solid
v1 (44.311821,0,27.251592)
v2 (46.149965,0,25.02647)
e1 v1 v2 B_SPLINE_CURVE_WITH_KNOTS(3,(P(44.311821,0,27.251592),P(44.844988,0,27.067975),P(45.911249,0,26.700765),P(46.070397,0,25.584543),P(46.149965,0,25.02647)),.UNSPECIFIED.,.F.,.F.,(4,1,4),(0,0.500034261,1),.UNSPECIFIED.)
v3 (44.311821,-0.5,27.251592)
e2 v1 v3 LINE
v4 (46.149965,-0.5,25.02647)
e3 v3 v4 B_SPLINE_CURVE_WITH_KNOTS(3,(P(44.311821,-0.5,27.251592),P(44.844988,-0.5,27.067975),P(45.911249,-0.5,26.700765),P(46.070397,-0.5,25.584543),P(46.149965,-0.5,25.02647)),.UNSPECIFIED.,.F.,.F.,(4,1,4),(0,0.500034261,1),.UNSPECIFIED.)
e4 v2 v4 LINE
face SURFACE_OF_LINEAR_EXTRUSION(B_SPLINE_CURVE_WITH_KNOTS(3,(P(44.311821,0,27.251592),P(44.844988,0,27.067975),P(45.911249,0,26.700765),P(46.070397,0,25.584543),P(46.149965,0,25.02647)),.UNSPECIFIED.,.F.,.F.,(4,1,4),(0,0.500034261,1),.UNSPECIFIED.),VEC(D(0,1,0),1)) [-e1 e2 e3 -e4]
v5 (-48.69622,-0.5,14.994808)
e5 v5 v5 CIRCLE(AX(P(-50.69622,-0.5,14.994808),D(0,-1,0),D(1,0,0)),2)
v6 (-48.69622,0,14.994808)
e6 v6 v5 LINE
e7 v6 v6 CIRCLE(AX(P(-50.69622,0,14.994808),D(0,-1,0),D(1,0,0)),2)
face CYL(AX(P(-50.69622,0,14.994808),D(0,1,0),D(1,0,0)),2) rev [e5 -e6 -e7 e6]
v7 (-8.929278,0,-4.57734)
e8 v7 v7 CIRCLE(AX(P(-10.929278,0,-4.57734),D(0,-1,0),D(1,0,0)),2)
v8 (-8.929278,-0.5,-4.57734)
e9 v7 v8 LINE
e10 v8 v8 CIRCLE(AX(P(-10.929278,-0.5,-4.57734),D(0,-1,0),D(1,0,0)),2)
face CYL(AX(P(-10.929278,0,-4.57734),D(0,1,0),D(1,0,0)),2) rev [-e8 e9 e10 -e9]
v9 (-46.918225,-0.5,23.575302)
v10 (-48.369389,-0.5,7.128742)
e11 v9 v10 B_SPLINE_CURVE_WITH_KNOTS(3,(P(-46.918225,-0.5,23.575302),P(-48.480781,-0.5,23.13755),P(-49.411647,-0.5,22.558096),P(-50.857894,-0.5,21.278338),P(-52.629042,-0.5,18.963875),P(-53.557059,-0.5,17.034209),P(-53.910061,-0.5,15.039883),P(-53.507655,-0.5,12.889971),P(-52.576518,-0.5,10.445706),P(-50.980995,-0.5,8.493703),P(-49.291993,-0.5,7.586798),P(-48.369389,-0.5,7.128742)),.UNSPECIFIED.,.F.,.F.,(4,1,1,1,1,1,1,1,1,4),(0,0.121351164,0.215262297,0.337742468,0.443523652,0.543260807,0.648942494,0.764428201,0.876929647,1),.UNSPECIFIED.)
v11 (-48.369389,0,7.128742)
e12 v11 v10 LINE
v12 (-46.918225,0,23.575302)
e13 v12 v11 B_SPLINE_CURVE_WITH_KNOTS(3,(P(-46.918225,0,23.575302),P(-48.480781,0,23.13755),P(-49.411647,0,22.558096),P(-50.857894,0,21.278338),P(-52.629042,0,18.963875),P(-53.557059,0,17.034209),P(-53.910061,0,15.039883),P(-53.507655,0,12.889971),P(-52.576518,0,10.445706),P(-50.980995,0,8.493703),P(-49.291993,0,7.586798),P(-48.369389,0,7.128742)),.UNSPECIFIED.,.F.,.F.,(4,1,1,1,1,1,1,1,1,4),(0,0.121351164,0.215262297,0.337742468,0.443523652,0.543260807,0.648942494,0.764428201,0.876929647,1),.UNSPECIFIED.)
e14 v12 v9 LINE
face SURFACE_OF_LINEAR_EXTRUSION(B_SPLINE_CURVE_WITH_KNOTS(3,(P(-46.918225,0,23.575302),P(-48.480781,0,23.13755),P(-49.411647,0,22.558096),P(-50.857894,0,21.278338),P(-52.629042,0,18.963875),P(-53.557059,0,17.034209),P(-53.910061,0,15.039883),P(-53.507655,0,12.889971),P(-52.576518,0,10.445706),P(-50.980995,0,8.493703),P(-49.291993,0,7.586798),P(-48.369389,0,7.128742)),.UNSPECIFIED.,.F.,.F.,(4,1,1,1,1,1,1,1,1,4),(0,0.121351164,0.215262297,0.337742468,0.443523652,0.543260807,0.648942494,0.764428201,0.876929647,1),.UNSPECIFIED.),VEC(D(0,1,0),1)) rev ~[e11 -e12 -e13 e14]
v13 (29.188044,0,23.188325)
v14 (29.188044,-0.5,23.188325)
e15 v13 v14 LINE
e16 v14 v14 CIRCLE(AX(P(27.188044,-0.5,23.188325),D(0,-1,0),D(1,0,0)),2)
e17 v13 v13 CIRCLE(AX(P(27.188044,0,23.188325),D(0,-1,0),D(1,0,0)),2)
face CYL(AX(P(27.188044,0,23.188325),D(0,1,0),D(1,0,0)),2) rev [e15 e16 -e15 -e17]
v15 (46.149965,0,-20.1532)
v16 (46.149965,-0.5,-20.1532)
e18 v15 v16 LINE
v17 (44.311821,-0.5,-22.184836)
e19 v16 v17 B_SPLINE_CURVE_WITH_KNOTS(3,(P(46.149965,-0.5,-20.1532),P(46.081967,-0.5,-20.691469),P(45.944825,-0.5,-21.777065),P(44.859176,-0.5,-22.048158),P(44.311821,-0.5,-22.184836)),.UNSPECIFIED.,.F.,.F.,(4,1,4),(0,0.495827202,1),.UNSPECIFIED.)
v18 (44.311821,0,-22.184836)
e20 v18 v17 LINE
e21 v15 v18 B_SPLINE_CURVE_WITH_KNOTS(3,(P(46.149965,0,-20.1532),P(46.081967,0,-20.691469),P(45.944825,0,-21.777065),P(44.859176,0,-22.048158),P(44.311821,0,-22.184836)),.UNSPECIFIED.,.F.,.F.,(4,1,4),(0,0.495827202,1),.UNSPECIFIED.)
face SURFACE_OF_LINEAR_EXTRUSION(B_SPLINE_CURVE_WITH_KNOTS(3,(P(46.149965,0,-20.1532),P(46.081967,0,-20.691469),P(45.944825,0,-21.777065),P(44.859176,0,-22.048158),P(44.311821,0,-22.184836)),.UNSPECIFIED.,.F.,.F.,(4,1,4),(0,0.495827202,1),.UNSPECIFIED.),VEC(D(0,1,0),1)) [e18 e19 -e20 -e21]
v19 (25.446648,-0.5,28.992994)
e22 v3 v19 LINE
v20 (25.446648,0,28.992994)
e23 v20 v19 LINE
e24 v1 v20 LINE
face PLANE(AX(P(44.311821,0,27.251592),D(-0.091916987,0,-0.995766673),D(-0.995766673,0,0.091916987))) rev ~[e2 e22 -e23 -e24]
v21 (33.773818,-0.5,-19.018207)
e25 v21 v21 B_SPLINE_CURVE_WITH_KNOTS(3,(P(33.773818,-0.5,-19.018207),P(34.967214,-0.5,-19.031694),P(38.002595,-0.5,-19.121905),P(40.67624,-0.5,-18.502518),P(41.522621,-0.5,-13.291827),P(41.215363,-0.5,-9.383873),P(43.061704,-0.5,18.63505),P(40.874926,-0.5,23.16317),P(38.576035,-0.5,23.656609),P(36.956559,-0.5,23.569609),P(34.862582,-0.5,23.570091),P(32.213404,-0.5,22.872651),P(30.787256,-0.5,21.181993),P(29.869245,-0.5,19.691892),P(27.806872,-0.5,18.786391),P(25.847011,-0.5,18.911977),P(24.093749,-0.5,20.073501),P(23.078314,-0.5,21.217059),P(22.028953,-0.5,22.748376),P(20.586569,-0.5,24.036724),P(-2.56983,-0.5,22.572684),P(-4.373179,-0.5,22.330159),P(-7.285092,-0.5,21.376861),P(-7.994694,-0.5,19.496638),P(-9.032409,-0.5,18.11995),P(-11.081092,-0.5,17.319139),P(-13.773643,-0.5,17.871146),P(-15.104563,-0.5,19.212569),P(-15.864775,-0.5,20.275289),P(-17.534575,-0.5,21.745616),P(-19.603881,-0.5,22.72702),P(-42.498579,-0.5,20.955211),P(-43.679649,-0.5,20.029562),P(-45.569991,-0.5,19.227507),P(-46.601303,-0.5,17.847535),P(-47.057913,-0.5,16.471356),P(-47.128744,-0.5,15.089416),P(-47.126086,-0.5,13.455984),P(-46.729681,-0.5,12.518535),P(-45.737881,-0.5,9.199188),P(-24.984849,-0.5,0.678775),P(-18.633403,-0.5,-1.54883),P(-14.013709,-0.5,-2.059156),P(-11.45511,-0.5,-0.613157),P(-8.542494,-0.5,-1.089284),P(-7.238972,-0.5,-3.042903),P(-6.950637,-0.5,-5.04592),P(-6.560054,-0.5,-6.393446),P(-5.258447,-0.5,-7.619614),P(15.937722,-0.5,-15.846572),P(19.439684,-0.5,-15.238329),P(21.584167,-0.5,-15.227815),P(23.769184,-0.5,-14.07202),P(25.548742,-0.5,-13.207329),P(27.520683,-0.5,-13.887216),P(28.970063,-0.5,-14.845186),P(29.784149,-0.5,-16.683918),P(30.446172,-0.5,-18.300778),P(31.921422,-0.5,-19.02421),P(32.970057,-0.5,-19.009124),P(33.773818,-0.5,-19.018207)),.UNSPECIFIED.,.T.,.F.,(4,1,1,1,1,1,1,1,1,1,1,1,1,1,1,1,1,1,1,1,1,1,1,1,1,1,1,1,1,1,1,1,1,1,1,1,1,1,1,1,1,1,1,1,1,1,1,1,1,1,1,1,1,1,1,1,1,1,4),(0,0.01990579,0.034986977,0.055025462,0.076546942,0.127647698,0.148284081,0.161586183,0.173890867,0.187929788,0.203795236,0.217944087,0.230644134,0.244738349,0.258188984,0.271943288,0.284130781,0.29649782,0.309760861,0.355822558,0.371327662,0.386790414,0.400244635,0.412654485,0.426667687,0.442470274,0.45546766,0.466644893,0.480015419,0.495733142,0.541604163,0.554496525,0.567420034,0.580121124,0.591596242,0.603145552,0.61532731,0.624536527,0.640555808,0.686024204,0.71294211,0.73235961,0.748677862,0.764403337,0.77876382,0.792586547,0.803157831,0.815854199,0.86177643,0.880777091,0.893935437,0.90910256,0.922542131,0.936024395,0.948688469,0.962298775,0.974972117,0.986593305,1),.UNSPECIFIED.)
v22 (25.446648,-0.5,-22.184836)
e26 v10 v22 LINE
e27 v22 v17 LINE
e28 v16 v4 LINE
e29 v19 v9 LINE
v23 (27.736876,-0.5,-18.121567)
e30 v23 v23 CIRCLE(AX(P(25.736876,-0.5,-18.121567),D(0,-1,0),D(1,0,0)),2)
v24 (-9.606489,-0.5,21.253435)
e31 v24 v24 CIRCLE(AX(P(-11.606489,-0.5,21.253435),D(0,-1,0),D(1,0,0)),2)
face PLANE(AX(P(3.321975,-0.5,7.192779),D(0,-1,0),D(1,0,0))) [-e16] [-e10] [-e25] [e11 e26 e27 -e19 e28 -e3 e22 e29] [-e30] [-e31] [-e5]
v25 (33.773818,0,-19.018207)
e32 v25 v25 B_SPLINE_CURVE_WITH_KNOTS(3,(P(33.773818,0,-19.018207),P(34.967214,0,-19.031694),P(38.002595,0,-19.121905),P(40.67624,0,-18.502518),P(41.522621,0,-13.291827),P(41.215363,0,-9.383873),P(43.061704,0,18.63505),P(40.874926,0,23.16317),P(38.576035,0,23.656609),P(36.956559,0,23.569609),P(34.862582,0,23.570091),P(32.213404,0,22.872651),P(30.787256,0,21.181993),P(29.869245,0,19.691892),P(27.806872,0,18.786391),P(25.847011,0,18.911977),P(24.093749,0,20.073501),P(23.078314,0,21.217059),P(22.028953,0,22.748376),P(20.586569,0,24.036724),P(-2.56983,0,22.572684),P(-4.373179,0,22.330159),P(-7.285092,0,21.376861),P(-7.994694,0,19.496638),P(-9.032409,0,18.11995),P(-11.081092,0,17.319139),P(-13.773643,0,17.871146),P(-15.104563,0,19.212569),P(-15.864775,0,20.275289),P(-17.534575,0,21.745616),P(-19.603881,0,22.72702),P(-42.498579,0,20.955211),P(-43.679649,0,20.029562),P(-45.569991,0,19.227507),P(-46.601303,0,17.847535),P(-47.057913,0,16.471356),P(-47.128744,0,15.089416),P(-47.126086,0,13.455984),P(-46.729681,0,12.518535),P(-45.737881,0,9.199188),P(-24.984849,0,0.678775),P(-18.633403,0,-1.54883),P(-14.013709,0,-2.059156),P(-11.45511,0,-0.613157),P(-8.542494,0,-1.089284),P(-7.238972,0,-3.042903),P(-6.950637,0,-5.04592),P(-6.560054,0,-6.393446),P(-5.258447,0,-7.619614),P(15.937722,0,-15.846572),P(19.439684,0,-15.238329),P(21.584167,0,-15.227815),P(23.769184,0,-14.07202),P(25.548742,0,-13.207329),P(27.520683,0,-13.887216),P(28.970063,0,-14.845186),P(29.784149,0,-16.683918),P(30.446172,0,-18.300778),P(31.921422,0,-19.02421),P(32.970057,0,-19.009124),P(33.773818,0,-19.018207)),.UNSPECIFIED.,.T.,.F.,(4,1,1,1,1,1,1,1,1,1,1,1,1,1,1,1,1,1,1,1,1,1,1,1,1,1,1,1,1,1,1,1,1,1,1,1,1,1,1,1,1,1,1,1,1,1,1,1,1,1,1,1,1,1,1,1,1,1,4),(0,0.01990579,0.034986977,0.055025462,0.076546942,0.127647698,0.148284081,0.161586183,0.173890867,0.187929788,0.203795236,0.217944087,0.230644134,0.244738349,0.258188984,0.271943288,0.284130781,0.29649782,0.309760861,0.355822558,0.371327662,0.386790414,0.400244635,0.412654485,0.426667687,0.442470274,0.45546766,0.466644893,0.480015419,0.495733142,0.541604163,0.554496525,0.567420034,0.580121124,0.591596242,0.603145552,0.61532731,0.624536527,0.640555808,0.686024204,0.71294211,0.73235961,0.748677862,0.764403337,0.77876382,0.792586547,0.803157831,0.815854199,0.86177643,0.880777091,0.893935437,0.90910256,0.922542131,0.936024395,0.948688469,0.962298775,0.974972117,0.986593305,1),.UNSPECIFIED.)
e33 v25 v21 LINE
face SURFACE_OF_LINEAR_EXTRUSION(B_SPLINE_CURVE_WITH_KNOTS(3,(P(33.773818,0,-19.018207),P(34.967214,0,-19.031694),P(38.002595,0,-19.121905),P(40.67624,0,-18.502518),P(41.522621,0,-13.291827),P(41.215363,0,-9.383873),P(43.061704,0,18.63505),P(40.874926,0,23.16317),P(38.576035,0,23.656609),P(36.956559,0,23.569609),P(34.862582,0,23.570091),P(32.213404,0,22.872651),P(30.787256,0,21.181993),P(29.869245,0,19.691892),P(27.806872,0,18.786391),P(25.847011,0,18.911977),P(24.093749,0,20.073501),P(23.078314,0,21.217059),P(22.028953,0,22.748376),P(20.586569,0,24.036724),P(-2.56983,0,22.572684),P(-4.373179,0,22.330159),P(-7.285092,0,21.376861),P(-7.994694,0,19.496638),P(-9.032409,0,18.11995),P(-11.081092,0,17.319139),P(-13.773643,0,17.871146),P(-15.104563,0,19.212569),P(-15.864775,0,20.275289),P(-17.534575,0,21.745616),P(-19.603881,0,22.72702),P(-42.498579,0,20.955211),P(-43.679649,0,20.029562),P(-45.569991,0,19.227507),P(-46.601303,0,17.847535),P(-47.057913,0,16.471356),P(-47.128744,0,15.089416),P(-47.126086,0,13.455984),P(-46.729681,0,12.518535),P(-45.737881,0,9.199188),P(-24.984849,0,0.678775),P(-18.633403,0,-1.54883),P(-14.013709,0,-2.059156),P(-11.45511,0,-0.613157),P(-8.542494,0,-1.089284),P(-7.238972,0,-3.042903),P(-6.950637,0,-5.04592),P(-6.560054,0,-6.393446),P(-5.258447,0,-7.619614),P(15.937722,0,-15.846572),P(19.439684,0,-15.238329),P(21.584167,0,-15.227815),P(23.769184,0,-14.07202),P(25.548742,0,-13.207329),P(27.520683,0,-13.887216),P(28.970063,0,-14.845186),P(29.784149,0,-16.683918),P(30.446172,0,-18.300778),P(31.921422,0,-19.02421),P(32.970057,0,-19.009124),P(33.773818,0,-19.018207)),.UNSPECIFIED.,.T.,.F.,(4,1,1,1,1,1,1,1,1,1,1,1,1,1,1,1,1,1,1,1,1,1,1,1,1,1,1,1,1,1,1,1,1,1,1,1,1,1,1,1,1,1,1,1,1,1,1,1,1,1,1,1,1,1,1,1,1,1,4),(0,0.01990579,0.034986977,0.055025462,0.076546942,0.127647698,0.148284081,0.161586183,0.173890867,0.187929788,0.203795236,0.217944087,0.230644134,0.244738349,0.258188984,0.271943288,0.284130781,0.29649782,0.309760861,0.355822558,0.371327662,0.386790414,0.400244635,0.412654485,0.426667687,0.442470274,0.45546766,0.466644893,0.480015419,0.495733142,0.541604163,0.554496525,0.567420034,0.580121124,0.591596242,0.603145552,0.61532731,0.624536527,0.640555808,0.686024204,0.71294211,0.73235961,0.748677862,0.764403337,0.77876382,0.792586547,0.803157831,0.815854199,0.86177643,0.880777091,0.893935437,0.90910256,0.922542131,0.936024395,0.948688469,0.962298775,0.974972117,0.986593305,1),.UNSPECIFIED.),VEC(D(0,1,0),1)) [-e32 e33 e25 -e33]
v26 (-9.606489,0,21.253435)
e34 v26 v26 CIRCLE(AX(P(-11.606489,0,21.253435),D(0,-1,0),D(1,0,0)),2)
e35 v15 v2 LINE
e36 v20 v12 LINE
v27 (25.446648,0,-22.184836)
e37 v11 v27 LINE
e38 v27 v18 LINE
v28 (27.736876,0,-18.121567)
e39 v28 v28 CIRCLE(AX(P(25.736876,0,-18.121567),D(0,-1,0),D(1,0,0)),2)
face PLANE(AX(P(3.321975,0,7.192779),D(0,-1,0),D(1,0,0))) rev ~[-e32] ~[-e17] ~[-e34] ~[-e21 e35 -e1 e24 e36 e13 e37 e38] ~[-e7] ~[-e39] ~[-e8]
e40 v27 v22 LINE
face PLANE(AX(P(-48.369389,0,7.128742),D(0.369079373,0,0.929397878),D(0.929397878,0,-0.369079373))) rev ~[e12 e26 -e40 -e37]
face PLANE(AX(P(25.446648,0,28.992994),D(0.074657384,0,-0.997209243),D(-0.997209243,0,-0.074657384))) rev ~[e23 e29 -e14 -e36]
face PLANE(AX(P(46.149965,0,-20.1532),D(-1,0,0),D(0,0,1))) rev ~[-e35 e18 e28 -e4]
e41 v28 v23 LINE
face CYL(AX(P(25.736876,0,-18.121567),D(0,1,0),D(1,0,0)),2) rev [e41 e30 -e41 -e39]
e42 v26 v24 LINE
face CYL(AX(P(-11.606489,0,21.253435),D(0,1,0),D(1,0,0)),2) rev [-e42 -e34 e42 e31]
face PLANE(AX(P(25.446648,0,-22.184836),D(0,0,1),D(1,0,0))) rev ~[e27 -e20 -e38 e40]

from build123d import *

# Parameters (mm, degrees)
F0_R     = 2
F1_DEPTH = 0.5


with BuildPart() as f1:
    # F0 (on Front) → F1 (new body)
    with BuildSketch(Plane.XZ):
        with BuildLine():
            Line((25.4466477782, 28.9929937571), (-46.9182245433, 23.5753022134))
            add(Edge.make_bspline(
                [(-46.9182245433, 23.5753022134), (-48.4807805487, 23.1375500148), (-49.4116474821, 22.5580963217), (-50.8578941044, 21.2783383598), (-52.6290423715, 18.9638750224), (-53.5570588992, 17.0342087667), (-53.9100611629, 15.0398825036), (-53.5076549067, 12.8899710969), (-52.5765177314, 10.4457062862), (-50.9809949034, 8.4937025788), (-49.2919931257, 7.5867975335), (-48.3693890274, 7.1287415922)],
                knots=[0, 0, 0, 0, 0.1213511642, 0.2152622966, 0.3377424682, 0.443523652, 0.5432608072, 0.6489424943, 0.7644282008, 0.8769296468, 1, 1, 1, 1], degree=3))
            Line((-48.3693890274, 7.1287415922), (25.4466477782, -22.1848357469))
            Line((25.4466477782, -22.1848357469), (44.3118214607, -22.1848357469))
            add(Edge.make_bspline(
                [(46.1499653757, -20.1532002538), (46.0819666478, -20.691468519), (45.9448246604, -21.7770649999), (44.8591759893, -22.0481580202), (44.3118214607, -22.1848357469)],
                knots=[0, 0, 0, 0, 0.4958272016, 1, 1, 1, 1], degree=3))
            Line((46.1499653757, -20.1532002538), (46.1499653757, 25.0264704227))
            add(Edge.make_bspline(
                [(44.3118214607, 27.251591906), (44.8449882872, 27.0679745153), (45.9112488782, 26.7007648959), (46.0703968449, 25.5845430853), (46.1499653757, 25.0264704227)],
                knots=[0, 0, 0, 0, 0.5000342609, 1, 1, 1, 1], degree=3))
            Line((44.3118214607, 27.251591906), (25.4466477782, 28.9929937571))
        make_face()
        with Locations((-10.929278098, -4.5773400925)):
            Circle(F0_R, mode=Mode.SUBTRACT)
        with Locations((25.7368758321, -18.1215666234)):
            Circle(F0_R, mode=Mode.SUBTRACT)
        with BuildLine():
            add(Edge.make_bspline(
                [(33.7738180693, -19.0182074534), (34.9672140156, -19.0316937436), (38.0025946611, -19.1219045421), (40.6762395444, -18.5025175473), (41.5226211193, -13.2918265819), (41.2153630254, -9.383872506), (43.0617042207, 18.6350495674), (40.8749263823, 23.1631701112), (38.5760349791, 23.6566085748), (36.9565591194, 23.5696087647), (34.8625816383, 23.5700913653), (32.2134035213, 22.8726510508), (30.787255847, 21.1819932228), (29.8692448336, 19.6918919842), (27.8068716337, 18.7863912223), (25.8470106574, 18.9119765337), (24.0937493228, 20.0735014977), (23.0783144521, 21.2170586261), (22.0289527753, 22.7483764117), (20.5865691025, 24.0367236619), (-2.5698304083, 22.5726843706), (-4.3731787831, 22.3301593387), (-7.2850918025, 21.3768610484), (-7.994693748, 19.4966384521), (-9.032408904, 18.1199503256), (-11.0810918869, 17.3191390471), (-13.7736430743, 17.871146372), (-15.1045634464, 19.2125687615), (-15.8647745957, 20.2752886816), (-17.5345750325, 21.7456156686), (-19.6038810275, 22.7270204197), (-42.4985788159, 20.9552108348), (-43.6796490109, 20.0295623492), (-45.569991097, 19.2275065849), (-46.6013032457, 17.8475350391), (-47.0579132951, 16.4713556806), (-47.1287437653, 15.0894155494), (-47.126086268, 13.4559839136), (-46.7296808896, 12.5185354278), (-45.7378812944, 9.199188193), (-24.9848492154, 0.6787750158), (-18.6334028273, -1.5488303574), (-14.0137089666, -2.0591557762), (-11.4551102695, -0.6131574726), (-8.5424937105, -1.0892838503), (-7.2389715634, -3.0429027437), (-6.9506370477, -5.0459203778), (-6.5600538848, -6.3934455545), (-5.2584467106, -7.6196136858), (15.9377224311, -15.8465724423), (19.4396835625, -15.2383287572), (21.5841674605, -15.2278149336), (23.7691842938, -14.0720199582), (25.5487420966, -13.2073294521), (27.5206830565, -13.8872162163), (28.9700626952, -14.8451859315), (29.784148794, -16.6839184497), (30.446171662, -18.3007782772), (31.9214219382, -19.0242103321), (32.9700571561, -19.0091243382), (33.7738180693, -19.0182074534)],
                knots=[0, 0, 0, 0, 0.0199057896, 0.0349869766, 0.0550254616, 0.0765469417, 0.1276476981, 0.1482840813, 0.1615861826, 0.1738908669, 0.1879297878, 0.2037952361, 0.2179440866, 0.2306441337, 0.2447383493, 0.2581889838, 0.2719432881, 0.2841307815, 0.2964978204, 0.3097608605, 0.3558225583, 0.3713276622, 0.3867904143, 0.4002446351, 0.4126544847, 0.4266676869, 0.4424702743, 0.4554676596, 0.4666448927, 0.4800154191, 0.4957331418, 0.5416041629, 0.5544965255, 0.5674200335, 0.5801211243, 0.591596242, 0.603145552, 0.6153273103, 0.6245365269, 0.6405558078, 0.6860242036, 0.7129421098, 0.7323596096, 0.7486778619, 0.7644033366, 0.7787638196, 0.7925865471, 0.8031578307, 0.8158541993, 0.8617764305, 0.8807770912, 0.8939354366, 0.9091025601, 0.9225421312, 0.9360243949, 0.9486884687, 0.9622987748, 0.9749721166, 0.9865933048, 1, 1, 1, 1], degree=3))
        make_face(mode=Mode.SUBTRACT)
        with Locations((-50.6962202489, 14.9948075414)):
            Circle(F0_R, mode=Mode.SUBTRACT)
        with Locations((-11.6064893082, 21.2534349412)):
            Circle(F0_R, mode=Mode.SUBTRACT)
        with Locations((27.1880440414, 23.1883246452)):
            Circle(F0_R, mode=Mode.SUBTRACT)
    extrude(amount=F1_DEPTH)


solid = f1.part
